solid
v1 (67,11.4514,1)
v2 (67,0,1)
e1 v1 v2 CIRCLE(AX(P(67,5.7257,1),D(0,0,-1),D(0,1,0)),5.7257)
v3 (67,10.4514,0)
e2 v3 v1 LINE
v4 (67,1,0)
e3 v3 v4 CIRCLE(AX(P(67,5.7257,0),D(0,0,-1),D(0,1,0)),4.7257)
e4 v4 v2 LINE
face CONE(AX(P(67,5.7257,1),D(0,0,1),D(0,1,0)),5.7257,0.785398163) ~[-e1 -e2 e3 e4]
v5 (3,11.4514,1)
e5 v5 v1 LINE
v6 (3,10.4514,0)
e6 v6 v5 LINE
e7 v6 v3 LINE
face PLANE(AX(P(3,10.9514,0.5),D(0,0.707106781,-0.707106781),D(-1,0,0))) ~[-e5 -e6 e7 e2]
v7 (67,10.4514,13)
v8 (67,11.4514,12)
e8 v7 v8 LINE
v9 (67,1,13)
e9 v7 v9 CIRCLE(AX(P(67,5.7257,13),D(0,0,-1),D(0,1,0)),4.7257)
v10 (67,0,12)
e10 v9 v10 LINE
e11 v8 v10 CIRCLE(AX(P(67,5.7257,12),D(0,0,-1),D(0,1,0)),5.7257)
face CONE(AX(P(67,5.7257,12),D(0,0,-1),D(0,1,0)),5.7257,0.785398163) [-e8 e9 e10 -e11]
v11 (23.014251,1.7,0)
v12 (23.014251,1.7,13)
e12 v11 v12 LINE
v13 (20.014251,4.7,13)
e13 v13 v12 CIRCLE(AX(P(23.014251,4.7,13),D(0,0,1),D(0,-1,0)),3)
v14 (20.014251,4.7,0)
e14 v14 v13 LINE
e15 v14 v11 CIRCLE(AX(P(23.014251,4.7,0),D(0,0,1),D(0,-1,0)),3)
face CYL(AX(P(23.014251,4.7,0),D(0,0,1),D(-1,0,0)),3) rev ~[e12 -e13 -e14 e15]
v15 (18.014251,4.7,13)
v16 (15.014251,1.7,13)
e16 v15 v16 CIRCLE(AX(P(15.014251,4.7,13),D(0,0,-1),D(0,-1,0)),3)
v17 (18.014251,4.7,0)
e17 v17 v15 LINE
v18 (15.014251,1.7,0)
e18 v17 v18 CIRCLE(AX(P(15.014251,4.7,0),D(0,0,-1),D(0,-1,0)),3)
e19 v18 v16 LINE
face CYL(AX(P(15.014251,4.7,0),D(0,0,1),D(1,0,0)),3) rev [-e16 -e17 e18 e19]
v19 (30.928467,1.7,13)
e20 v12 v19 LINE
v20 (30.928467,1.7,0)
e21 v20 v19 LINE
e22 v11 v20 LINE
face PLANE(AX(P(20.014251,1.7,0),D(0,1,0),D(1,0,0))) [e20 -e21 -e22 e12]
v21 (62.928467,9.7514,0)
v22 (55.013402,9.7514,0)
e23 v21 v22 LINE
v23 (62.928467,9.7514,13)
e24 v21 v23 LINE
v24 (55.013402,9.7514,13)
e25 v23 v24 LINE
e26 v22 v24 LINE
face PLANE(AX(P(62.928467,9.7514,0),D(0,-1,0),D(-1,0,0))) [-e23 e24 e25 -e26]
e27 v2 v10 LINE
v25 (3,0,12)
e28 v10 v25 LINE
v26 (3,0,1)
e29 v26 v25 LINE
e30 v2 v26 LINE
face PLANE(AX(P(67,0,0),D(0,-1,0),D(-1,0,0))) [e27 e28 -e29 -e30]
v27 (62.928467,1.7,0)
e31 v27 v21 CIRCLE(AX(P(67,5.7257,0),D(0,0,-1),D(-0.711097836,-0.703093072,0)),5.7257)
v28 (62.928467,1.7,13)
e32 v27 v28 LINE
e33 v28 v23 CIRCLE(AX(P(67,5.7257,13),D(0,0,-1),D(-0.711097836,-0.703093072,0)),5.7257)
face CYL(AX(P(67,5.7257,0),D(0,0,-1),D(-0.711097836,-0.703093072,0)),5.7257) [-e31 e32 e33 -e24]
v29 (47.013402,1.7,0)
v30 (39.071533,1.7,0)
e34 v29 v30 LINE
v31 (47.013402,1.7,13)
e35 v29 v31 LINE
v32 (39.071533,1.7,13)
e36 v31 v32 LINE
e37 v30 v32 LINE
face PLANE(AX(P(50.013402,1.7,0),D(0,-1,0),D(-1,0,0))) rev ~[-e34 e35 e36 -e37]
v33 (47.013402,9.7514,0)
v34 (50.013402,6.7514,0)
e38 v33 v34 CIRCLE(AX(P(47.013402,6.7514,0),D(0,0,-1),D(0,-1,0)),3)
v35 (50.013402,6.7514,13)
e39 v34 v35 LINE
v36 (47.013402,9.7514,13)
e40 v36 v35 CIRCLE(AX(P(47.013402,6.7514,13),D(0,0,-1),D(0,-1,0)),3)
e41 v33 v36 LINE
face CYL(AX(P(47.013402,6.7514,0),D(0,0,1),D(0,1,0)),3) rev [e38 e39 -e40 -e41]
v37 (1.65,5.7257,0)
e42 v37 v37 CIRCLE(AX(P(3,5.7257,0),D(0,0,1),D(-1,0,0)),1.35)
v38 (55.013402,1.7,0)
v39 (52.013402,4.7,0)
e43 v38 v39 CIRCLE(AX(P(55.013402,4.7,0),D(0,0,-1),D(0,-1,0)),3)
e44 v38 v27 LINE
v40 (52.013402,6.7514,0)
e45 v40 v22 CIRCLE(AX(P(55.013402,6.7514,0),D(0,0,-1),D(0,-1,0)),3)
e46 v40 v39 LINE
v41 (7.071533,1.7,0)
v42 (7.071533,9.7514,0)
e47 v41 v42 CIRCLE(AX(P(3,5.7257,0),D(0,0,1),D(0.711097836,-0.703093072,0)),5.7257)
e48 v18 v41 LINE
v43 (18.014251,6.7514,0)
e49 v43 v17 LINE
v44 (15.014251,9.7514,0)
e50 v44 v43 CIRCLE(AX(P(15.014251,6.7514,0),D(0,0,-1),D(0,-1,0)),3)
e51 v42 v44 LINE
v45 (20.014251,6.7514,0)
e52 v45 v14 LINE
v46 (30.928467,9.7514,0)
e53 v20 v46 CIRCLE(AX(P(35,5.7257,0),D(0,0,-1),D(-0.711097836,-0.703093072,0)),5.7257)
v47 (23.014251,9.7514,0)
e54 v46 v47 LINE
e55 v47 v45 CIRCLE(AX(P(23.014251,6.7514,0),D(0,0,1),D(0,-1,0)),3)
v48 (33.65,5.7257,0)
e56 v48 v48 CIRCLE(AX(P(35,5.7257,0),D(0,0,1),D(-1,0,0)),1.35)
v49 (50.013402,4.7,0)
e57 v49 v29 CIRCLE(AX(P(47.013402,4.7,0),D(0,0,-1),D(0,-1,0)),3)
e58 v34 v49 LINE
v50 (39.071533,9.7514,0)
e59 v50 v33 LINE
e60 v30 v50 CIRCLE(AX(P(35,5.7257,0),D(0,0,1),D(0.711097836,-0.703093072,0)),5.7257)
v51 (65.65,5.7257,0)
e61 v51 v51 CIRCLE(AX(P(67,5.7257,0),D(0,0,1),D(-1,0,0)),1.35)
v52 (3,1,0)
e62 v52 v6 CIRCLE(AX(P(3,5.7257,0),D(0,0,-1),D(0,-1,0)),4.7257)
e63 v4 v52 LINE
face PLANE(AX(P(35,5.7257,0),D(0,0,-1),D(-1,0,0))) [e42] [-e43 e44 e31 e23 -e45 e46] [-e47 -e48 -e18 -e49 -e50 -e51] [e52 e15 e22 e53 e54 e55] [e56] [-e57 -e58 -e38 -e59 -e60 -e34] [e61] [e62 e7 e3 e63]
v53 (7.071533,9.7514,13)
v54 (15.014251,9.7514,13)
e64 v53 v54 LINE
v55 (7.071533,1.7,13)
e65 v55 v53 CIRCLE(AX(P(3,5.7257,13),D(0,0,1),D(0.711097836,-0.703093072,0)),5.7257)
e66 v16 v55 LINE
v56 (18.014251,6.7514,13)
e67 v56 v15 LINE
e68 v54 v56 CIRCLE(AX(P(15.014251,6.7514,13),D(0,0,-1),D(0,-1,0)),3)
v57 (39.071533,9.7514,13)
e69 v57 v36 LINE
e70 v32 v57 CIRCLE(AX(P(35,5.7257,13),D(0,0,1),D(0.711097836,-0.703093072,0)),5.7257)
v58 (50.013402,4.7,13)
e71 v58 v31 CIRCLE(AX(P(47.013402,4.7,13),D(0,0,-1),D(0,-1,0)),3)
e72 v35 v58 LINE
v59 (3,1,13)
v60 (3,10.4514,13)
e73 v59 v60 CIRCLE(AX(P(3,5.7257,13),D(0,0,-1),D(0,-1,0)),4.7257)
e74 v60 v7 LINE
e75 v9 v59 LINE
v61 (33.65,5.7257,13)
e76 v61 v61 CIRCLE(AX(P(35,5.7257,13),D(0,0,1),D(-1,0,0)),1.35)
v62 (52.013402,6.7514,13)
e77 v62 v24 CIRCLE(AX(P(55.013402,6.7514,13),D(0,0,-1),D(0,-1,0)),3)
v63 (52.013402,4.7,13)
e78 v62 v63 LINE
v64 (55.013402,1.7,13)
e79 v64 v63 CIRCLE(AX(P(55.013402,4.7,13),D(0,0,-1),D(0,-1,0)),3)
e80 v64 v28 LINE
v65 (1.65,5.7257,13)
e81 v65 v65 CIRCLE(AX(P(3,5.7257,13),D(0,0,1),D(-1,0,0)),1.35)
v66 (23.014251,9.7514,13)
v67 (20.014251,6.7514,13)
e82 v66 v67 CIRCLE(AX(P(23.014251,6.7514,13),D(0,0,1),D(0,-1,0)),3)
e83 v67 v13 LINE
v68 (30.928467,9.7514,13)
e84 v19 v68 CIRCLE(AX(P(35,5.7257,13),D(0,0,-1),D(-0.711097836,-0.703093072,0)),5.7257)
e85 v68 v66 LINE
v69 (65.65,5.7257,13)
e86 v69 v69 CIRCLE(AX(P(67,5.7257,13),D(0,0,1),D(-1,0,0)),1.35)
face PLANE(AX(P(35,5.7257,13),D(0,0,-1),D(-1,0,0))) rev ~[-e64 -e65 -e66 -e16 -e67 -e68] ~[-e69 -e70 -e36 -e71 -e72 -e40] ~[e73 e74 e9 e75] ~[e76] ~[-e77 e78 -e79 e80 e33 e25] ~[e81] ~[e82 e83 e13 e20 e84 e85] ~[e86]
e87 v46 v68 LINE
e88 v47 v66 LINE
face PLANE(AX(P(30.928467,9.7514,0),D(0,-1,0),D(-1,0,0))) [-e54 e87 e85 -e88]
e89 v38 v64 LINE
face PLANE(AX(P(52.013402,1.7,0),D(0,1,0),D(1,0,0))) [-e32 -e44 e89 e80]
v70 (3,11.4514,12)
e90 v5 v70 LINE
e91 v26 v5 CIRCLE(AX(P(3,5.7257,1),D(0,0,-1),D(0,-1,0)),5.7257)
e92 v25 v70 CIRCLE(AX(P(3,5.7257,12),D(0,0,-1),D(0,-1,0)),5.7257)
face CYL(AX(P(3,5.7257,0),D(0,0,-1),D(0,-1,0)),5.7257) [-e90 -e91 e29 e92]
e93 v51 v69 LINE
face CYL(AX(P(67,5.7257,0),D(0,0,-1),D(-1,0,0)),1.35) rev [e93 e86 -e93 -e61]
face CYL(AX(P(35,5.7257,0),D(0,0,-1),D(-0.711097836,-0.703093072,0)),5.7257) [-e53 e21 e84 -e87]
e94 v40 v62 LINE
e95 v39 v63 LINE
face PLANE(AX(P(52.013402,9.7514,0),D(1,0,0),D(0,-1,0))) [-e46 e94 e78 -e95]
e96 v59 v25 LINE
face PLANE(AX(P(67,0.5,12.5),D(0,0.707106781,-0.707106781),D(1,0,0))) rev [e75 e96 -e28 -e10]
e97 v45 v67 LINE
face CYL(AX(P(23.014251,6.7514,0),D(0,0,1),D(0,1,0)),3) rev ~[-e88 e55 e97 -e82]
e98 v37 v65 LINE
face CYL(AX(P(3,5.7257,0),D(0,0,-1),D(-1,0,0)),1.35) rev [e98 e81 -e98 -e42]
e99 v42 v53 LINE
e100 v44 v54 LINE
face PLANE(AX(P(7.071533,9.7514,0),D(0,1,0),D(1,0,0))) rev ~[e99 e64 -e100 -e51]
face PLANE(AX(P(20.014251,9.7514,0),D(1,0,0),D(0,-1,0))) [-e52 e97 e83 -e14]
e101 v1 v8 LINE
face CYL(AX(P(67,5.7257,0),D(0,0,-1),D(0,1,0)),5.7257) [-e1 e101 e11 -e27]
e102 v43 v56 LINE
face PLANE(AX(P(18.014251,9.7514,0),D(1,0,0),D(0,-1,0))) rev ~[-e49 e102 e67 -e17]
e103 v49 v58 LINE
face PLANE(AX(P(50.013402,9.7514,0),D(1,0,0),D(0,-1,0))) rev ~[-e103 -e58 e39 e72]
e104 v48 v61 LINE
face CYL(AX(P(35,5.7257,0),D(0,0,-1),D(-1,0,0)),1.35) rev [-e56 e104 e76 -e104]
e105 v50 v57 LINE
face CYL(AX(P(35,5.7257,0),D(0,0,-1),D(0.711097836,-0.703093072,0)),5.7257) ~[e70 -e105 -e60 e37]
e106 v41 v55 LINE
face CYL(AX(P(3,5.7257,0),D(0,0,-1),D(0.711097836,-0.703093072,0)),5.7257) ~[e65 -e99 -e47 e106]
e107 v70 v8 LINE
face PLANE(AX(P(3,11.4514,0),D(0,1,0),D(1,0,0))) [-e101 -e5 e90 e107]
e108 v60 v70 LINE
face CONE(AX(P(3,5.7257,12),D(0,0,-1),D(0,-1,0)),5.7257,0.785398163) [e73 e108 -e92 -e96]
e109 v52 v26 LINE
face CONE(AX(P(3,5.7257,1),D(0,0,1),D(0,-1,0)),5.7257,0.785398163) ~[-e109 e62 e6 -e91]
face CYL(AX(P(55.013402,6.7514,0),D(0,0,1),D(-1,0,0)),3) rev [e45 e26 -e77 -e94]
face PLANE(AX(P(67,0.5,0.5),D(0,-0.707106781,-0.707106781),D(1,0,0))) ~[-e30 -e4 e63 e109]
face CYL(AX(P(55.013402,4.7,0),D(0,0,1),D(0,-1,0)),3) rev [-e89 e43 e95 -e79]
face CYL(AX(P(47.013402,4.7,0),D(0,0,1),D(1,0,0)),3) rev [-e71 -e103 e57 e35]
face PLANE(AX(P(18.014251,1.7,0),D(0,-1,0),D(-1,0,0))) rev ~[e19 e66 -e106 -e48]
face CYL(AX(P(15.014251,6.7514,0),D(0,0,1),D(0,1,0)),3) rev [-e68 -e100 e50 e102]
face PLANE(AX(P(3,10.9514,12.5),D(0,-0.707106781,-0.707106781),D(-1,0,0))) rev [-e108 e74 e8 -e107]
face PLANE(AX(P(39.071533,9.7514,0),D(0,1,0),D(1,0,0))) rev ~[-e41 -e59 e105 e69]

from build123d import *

# Parameters (mm, degrees)
SKETCH_1_R      = 1.35
EXTRUDE_3_DEPTH = 13
FILLET_1_R      = 3
CHAMFER_1_SIZE  = 1


with BuildPart() as part:
    # 草图1 → 凸台-拉伸3 (new body)
    with BuildSketch(Plane.XY):
        with BuildLine():
            Line((3, 11.4514), (35, 11.4514))
            Line((35, 11.4514), (67, 11.4514))
            ThreePointArc((67, 11.4514), (72.7257, 5.7257), (67, 0))
            Line((67, 0), (35, 0))
            Line((35, 0), (3, 0))
            ThreePointArc((3, 0), (-2.7257, 5.7257), (3, 11.4514))
        make_face()
        with Locations(Location((35, 5.7257, 0), (0, 0, 180))):
            Circle(SKETCH_1_R, mode=Mode.SUBTRACT)
        with Locations(Location((3, 5.7257, 0), (0, 0, 180))):
            Circle(SKETCH_1_R, mode=Mode.SUBTRACT)
        with Locations(Location((67, 5.7257, 0), (0, 0, 180))):
            Circle(SKETCH_1_R, mode=Mode.SUBTRACT)
        with BuildLine():
            Line((7.071532881, 9.7514), (18.014251374, 9.7514))
            Line((18.014251374, 9.7514), (18.014251374, 1.7))
            Line((18.014251374, 1.7), (7.071532881, 1.7))
            ThreePointArc((7.071532881, 1.7), (8.7257, 5.7257), (7.071532881, 9.7514))
        make_face(mode=Mode.SUBTRACT)
        with BuildLine():
            Line((20.014251374, 9.7514), (20.014251374, 1.7))
            Line((20.014251374, 1.7), (30.928467119, 1.7))
            ThreePointArc((30.928467119, 1.7), (29.2743, 5.7257), (30.928467119, 9.7514))
            Line((30.928467119, 9.7514), (20.014251374, 9.7514))
        make_face(mode=Mode.SUBTRACT)
        with BuildLine():
            Line((39.071532881, 9.7514), (50.013401562, 9.7514))
            Line((50.013401562, 9.7514), (50.013401562, 1.7))
            Line((50.013401562, 1.7), (39.071532881, 1.7))
            ThreePointArc((39.071532881, 1.7), (40.7257, 5.7257), (39.071532881, 9.7514))
        make_face(mode=Mode.SUBTRACT)
        with BuildLine():
            Line((62.928467119, 9.7514), (52.013401562, 9.7514))
            Line((52.013401562, 9.7514), (52.013401562, 1.7))
            Line((52.013401562, 1.7), (62.928467119, 1.7))
            ThreePointArc((62.928467119, 1.7), (61.2743, 5.7257), (62.928467119, 9.7514))
        make_face(mode=Mode.SUBTRACT)
    extrude(amount=EXTRUDE_3_DEPTH)

    # 圆角1
    fillet_1_edges = [part.edges().sort_by_distance(p)[0] for p in [
        (20.014251374, 9.7514, 6.5),
        (20.014251374, 1.7, 6.5),
        (50.013401562, 1.7, 6.5),
        (50.013401562, 9.7514, 6.5),
        (52.013401562, 9.7514, 6.5),
        (52.013401562, 1.7, 6.5),
        (18.014251374, 1.7, 6.5),
        (18.014251374, 9.7514, 6.5),
    ]]
    fillet(fillet_1_edges, radius=FILLET_1_R)

    # 倒角1
    chamfer_1_edges = [part.edges().sort_by_distance(p)[0] for p in [
        (72.7257, 5.7257, 13),
        (35, 11.4514, 13),
        (-2.7257, 5.7257, 13),
        (35, 11.4514, 0),
        (72.7257, 5.7257, 0),
        (35, 0, 0),
        (-2.7257, 5.7257, 0),
        (35, 0, 13),
    ]]
    chamfer(chamfer_1_edges, length=CHAMFER_1_SIZE)


solid = part.part
